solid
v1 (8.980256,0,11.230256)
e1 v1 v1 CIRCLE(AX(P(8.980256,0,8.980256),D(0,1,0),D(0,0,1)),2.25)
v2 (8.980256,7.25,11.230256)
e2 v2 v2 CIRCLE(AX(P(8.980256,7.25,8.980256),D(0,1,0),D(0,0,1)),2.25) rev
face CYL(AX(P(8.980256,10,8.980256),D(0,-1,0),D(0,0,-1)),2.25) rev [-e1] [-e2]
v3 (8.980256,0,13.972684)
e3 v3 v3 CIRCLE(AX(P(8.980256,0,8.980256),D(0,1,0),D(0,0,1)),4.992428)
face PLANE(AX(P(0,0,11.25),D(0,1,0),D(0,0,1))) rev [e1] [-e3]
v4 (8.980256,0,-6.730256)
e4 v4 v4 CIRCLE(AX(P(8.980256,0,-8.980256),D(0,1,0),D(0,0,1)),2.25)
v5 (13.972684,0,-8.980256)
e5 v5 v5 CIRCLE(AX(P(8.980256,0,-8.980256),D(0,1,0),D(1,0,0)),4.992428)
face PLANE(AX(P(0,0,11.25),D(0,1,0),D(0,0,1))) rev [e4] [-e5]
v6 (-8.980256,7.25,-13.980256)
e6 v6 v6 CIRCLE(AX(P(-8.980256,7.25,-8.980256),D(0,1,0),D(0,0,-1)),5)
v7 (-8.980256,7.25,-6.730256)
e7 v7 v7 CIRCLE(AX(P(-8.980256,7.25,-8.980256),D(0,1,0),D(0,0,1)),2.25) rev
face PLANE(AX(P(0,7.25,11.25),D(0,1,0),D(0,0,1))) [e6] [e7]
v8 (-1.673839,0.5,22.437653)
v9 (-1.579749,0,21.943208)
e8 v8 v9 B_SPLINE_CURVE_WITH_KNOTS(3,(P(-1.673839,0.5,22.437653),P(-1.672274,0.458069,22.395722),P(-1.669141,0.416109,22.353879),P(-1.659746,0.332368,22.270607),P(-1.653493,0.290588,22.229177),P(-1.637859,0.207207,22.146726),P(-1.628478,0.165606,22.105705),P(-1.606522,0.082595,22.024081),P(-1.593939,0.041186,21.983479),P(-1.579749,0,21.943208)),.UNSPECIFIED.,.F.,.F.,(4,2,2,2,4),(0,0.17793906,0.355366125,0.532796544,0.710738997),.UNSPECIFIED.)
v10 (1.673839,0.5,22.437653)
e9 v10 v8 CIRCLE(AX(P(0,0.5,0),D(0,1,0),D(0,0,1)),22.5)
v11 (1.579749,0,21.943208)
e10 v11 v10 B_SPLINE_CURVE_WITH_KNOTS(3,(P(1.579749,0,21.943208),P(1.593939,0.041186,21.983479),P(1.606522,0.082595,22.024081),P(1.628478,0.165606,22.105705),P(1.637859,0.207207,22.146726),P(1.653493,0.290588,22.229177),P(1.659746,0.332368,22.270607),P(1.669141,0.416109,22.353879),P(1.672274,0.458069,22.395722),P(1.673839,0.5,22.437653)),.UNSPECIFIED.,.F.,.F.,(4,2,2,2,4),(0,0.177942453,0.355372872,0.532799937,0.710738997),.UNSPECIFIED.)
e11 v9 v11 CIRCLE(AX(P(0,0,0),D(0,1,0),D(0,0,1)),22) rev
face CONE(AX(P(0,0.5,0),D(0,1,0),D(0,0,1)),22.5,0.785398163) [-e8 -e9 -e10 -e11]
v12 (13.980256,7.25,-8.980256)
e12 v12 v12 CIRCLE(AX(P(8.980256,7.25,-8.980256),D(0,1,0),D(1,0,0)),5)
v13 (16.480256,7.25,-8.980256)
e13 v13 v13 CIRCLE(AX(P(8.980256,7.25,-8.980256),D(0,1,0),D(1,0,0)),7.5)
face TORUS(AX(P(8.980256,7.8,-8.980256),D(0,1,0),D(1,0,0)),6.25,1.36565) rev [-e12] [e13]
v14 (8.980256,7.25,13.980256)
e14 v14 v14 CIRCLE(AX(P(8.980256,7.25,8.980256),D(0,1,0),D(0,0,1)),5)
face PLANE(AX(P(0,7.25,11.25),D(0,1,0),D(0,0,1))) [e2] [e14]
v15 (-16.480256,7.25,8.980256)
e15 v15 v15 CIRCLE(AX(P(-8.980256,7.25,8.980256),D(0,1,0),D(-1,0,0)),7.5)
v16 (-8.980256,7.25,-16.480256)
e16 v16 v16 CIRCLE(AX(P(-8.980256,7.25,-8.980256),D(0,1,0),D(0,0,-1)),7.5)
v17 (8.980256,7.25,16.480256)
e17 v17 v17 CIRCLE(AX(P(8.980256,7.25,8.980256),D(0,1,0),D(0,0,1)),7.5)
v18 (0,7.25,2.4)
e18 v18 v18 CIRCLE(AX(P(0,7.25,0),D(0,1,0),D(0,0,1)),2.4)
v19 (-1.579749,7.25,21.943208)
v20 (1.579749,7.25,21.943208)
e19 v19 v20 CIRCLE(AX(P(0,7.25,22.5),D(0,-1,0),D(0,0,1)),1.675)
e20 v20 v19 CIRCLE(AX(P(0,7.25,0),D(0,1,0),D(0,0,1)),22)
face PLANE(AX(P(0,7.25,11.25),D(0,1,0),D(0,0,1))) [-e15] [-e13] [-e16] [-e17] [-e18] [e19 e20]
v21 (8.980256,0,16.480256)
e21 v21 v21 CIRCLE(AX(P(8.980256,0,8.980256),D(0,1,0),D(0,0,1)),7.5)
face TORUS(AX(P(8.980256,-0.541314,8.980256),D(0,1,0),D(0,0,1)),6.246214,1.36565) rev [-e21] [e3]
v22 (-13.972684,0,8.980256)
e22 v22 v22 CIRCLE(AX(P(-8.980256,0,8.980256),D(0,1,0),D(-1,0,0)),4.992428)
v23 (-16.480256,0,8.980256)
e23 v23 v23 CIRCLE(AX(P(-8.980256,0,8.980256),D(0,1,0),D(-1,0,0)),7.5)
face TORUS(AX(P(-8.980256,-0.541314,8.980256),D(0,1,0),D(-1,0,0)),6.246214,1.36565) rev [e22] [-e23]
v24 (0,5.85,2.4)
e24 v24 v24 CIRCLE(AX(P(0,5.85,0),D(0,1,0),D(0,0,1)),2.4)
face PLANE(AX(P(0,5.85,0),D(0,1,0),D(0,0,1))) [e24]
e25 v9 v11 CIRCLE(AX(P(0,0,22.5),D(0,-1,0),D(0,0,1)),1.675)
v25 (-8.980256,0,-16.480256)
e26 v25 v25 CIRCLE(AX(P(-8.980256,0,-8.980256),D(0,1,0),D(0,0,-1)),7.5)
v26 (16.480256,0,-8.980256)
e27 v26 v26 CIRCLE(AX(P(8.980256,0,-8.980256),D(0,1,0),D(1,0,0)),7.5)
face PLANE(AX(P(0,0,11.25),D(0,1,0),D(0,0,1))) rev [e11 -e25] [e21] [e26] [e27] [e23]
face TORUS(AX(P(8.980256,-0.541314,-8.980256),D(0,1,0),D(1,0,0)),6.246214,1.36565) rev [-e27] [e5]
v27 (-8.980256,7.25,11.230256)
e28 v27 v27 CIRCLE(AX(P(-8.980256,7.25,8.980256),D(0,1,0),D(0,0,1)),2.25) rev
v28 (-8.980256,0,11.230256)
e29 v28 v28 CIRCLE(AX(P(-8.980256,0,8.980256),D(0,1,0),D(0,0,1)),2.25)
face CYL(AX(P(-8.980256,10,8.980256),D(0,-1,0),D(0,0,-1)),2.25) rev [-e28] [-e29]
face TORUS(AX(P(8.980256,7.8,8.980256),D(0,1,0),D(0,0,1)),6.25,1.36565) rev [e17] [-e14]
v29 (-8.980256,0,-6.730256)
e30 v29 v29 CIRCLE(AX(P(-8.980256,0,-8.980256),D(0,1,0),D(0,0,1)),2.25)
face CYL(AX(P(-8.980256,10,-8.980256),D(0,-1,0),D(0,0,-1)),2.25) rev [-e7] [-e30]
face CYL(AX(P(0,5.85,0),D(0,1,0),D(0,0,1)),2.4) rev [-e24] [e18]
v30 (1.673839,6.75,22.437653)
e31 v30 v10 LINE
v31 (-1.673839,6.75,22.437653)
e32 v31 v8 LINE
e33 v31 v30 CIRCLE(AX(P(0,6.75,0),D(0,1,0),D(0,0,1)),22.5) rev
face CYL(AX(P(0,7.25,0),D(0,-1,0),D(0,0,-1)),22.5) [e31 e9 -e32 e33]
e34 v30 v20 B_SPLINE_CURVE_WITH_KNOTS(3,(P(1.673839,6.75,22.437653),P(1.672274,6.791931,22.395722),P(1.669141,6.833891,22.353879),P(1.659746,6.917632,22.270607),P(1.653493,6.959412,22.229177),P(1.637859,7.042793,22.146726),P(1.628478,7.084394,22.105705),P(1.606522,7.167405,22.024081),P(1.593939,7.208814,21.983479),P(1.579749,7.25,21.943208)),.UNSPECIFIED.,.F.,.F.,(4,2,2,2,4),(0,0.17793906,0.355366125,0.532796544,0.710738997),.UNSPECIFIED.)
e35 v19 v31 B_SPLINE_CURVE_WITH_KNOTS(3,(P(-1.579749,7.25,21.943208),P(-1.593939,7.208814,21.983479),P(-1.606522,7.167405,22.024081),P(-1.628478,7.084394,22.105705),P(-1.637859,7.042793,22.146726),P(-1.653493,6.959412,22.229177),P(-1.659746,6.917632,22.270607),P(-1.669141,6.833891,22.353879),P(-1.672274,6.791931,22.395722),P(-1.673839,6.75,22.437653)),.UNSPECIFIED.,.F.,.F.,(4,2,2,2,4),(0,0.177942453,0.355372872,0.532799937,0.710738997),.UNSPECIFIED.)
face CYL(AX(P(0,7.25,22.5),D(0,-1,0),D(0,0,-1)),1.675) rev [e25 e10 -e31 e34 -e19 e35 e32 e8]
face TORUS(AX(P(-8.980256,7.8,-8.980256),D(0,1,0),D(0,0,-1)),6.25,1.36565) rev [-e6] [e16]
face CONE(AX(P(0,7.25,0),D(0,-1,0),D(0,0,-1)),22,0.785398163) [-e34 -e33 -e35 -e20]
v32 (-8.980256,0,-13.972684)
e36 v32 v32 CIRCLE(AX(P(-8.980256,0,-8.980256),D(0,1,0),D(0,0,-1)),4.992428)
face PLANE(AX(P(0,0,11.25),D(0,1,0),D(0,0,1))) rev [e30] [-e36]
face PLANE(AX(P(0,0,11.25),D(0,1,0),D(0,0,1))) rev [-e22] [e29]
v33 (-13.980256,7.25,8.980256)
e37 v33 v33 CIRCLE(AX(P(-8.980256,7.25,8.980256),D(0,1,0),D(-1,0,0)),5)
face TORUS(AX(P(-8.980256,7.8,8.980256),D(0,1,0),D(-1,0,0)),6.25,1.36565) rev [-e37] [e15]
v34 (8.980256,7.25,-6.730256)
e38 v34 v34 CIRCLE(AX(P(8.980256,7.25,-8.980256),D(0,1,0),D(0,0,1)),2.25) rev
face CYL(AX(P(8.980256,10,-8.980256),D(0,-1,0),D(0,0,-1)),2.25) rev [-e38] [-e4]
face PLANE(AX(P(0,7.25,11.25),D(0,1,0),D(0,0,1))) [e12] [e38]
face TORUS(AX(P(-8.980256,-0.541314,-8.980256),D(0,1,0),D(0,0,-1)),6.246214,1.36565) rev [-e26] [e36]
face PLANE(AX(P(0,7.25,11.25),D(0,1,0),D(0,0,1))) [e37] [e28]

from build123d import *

# Parameters (mm, degrees)
EXTRUDE1_DEPTH    = 7.25
CHAMFER1_SIZE     = 0.5
SKETCH2_R         = 2.25
EXTRUDE2_DEPTH    = 10
CIRPATTERN1_COUNT = 4
SKETCH4_R         = 2.4
EXTRUDE3_DEPTH    = 1.4


with BuildPart() as part:
    # Sketch1 → Extrude1 (new body)
    with BuildSketch(Plane(origin=(0, 0, 0), x_dir=(1, 0, 0), z_dir=(0, 1, 0))):
        with BuildLine():
            ThreePointArc((1.673839247, -22.437652778), (0, 22.5), (-1.673839247, -22.437652778))
            ThreePointArc((-1.673839247, -22.437652778), (0, -20.825), (1.673839247, -22.437652778))
        make_face()
    extrude(amount=EXTRUDE1_DEPTH)

    # Chamfer1
    chamfer1_edges = [part.edges().sort_by_distance(p)[0] for p in [
        (0, 0, -22.5),
        (0, 7.25, -22.5),
    ]]
    chamfer(chamfer1_edges, length=CHAMFER1_SIZE)

    # Sketch2 → Extrude2 (cut)
    with BuildSketch(Plane(origin=(0, 0, 0), x_dir=(1, 0, 0), z_dir=(0, 1, 0))):
        with Locations((-8.980256121, 8.980256121)):
            Circle(SKETCH2_R)
        with Locations((8.980256121, 8.980256121)):
            Circle(SKETCH2_R)
        with Locations((8.980256121, -8.980256121)):
            Circle(SKETCH2_R)
        with Locations((-8.980256121, -8.980256121)):
            Circle(SKETCH2_R)
    extrude(amount=EXTRUDE2_DEPTH, mode=Mode.SUBTRACT)

    # Sketch3 → Cut-Revolve1 (revolve, cut)
    with BuildSketch(Plane(origin=(0, 0, 0), x_dir=(-0.7071067811865513, 0, 0.7071067811865438), z_dir=(-0.7071067811865438, 0, -0.7071067811865513))):
        with BuildLine():
            Line((5.2, 7.25), (7.7, 7.25))
            ThreePointArc((7.7, 7.25), (6.45, 6.434349972), (5.2, 7.25))
        make_face()
        with BuildLine():
            Line((5.2, 0), (7.707571991, 0))
            ThreePointArc((7.707571991, 0), (6.453785996, 0.824336185), (5.2, 0))
        make_face()
    cut_revolve1 = revolve(axis=Axis((-8.980256121, 11.072840969, 8.980256121), (0, -1, 0)), mode=Mode.SUBTRACT)

    # CirPattern1: Cut-Revolve1 ×4 about axis
    cirpattern1_axis = Axis((0, 7.6125, 0), (0, -1, 0))
    for i in range(1, CIRPATTERN1_COUNT):
        add(cut_revolve1.rotate(cirpattern1_axis, i * 360 / CIRPATTERN1_COUNT), mode=Mode.SUBTRACT)

    # Sketch4 → Extrude3 (cut)
    with BuildSketch(Plane(origin=(0, 7.25, 0), x_dir=(1, 0, 0), z_dir=(0, 1, 0))):
        Circle(SKETCH4_R)
    extrude(amount=-EXTRUDE3_DEPTH, mode=Mode.SUBTRACT)


solid = part.part
